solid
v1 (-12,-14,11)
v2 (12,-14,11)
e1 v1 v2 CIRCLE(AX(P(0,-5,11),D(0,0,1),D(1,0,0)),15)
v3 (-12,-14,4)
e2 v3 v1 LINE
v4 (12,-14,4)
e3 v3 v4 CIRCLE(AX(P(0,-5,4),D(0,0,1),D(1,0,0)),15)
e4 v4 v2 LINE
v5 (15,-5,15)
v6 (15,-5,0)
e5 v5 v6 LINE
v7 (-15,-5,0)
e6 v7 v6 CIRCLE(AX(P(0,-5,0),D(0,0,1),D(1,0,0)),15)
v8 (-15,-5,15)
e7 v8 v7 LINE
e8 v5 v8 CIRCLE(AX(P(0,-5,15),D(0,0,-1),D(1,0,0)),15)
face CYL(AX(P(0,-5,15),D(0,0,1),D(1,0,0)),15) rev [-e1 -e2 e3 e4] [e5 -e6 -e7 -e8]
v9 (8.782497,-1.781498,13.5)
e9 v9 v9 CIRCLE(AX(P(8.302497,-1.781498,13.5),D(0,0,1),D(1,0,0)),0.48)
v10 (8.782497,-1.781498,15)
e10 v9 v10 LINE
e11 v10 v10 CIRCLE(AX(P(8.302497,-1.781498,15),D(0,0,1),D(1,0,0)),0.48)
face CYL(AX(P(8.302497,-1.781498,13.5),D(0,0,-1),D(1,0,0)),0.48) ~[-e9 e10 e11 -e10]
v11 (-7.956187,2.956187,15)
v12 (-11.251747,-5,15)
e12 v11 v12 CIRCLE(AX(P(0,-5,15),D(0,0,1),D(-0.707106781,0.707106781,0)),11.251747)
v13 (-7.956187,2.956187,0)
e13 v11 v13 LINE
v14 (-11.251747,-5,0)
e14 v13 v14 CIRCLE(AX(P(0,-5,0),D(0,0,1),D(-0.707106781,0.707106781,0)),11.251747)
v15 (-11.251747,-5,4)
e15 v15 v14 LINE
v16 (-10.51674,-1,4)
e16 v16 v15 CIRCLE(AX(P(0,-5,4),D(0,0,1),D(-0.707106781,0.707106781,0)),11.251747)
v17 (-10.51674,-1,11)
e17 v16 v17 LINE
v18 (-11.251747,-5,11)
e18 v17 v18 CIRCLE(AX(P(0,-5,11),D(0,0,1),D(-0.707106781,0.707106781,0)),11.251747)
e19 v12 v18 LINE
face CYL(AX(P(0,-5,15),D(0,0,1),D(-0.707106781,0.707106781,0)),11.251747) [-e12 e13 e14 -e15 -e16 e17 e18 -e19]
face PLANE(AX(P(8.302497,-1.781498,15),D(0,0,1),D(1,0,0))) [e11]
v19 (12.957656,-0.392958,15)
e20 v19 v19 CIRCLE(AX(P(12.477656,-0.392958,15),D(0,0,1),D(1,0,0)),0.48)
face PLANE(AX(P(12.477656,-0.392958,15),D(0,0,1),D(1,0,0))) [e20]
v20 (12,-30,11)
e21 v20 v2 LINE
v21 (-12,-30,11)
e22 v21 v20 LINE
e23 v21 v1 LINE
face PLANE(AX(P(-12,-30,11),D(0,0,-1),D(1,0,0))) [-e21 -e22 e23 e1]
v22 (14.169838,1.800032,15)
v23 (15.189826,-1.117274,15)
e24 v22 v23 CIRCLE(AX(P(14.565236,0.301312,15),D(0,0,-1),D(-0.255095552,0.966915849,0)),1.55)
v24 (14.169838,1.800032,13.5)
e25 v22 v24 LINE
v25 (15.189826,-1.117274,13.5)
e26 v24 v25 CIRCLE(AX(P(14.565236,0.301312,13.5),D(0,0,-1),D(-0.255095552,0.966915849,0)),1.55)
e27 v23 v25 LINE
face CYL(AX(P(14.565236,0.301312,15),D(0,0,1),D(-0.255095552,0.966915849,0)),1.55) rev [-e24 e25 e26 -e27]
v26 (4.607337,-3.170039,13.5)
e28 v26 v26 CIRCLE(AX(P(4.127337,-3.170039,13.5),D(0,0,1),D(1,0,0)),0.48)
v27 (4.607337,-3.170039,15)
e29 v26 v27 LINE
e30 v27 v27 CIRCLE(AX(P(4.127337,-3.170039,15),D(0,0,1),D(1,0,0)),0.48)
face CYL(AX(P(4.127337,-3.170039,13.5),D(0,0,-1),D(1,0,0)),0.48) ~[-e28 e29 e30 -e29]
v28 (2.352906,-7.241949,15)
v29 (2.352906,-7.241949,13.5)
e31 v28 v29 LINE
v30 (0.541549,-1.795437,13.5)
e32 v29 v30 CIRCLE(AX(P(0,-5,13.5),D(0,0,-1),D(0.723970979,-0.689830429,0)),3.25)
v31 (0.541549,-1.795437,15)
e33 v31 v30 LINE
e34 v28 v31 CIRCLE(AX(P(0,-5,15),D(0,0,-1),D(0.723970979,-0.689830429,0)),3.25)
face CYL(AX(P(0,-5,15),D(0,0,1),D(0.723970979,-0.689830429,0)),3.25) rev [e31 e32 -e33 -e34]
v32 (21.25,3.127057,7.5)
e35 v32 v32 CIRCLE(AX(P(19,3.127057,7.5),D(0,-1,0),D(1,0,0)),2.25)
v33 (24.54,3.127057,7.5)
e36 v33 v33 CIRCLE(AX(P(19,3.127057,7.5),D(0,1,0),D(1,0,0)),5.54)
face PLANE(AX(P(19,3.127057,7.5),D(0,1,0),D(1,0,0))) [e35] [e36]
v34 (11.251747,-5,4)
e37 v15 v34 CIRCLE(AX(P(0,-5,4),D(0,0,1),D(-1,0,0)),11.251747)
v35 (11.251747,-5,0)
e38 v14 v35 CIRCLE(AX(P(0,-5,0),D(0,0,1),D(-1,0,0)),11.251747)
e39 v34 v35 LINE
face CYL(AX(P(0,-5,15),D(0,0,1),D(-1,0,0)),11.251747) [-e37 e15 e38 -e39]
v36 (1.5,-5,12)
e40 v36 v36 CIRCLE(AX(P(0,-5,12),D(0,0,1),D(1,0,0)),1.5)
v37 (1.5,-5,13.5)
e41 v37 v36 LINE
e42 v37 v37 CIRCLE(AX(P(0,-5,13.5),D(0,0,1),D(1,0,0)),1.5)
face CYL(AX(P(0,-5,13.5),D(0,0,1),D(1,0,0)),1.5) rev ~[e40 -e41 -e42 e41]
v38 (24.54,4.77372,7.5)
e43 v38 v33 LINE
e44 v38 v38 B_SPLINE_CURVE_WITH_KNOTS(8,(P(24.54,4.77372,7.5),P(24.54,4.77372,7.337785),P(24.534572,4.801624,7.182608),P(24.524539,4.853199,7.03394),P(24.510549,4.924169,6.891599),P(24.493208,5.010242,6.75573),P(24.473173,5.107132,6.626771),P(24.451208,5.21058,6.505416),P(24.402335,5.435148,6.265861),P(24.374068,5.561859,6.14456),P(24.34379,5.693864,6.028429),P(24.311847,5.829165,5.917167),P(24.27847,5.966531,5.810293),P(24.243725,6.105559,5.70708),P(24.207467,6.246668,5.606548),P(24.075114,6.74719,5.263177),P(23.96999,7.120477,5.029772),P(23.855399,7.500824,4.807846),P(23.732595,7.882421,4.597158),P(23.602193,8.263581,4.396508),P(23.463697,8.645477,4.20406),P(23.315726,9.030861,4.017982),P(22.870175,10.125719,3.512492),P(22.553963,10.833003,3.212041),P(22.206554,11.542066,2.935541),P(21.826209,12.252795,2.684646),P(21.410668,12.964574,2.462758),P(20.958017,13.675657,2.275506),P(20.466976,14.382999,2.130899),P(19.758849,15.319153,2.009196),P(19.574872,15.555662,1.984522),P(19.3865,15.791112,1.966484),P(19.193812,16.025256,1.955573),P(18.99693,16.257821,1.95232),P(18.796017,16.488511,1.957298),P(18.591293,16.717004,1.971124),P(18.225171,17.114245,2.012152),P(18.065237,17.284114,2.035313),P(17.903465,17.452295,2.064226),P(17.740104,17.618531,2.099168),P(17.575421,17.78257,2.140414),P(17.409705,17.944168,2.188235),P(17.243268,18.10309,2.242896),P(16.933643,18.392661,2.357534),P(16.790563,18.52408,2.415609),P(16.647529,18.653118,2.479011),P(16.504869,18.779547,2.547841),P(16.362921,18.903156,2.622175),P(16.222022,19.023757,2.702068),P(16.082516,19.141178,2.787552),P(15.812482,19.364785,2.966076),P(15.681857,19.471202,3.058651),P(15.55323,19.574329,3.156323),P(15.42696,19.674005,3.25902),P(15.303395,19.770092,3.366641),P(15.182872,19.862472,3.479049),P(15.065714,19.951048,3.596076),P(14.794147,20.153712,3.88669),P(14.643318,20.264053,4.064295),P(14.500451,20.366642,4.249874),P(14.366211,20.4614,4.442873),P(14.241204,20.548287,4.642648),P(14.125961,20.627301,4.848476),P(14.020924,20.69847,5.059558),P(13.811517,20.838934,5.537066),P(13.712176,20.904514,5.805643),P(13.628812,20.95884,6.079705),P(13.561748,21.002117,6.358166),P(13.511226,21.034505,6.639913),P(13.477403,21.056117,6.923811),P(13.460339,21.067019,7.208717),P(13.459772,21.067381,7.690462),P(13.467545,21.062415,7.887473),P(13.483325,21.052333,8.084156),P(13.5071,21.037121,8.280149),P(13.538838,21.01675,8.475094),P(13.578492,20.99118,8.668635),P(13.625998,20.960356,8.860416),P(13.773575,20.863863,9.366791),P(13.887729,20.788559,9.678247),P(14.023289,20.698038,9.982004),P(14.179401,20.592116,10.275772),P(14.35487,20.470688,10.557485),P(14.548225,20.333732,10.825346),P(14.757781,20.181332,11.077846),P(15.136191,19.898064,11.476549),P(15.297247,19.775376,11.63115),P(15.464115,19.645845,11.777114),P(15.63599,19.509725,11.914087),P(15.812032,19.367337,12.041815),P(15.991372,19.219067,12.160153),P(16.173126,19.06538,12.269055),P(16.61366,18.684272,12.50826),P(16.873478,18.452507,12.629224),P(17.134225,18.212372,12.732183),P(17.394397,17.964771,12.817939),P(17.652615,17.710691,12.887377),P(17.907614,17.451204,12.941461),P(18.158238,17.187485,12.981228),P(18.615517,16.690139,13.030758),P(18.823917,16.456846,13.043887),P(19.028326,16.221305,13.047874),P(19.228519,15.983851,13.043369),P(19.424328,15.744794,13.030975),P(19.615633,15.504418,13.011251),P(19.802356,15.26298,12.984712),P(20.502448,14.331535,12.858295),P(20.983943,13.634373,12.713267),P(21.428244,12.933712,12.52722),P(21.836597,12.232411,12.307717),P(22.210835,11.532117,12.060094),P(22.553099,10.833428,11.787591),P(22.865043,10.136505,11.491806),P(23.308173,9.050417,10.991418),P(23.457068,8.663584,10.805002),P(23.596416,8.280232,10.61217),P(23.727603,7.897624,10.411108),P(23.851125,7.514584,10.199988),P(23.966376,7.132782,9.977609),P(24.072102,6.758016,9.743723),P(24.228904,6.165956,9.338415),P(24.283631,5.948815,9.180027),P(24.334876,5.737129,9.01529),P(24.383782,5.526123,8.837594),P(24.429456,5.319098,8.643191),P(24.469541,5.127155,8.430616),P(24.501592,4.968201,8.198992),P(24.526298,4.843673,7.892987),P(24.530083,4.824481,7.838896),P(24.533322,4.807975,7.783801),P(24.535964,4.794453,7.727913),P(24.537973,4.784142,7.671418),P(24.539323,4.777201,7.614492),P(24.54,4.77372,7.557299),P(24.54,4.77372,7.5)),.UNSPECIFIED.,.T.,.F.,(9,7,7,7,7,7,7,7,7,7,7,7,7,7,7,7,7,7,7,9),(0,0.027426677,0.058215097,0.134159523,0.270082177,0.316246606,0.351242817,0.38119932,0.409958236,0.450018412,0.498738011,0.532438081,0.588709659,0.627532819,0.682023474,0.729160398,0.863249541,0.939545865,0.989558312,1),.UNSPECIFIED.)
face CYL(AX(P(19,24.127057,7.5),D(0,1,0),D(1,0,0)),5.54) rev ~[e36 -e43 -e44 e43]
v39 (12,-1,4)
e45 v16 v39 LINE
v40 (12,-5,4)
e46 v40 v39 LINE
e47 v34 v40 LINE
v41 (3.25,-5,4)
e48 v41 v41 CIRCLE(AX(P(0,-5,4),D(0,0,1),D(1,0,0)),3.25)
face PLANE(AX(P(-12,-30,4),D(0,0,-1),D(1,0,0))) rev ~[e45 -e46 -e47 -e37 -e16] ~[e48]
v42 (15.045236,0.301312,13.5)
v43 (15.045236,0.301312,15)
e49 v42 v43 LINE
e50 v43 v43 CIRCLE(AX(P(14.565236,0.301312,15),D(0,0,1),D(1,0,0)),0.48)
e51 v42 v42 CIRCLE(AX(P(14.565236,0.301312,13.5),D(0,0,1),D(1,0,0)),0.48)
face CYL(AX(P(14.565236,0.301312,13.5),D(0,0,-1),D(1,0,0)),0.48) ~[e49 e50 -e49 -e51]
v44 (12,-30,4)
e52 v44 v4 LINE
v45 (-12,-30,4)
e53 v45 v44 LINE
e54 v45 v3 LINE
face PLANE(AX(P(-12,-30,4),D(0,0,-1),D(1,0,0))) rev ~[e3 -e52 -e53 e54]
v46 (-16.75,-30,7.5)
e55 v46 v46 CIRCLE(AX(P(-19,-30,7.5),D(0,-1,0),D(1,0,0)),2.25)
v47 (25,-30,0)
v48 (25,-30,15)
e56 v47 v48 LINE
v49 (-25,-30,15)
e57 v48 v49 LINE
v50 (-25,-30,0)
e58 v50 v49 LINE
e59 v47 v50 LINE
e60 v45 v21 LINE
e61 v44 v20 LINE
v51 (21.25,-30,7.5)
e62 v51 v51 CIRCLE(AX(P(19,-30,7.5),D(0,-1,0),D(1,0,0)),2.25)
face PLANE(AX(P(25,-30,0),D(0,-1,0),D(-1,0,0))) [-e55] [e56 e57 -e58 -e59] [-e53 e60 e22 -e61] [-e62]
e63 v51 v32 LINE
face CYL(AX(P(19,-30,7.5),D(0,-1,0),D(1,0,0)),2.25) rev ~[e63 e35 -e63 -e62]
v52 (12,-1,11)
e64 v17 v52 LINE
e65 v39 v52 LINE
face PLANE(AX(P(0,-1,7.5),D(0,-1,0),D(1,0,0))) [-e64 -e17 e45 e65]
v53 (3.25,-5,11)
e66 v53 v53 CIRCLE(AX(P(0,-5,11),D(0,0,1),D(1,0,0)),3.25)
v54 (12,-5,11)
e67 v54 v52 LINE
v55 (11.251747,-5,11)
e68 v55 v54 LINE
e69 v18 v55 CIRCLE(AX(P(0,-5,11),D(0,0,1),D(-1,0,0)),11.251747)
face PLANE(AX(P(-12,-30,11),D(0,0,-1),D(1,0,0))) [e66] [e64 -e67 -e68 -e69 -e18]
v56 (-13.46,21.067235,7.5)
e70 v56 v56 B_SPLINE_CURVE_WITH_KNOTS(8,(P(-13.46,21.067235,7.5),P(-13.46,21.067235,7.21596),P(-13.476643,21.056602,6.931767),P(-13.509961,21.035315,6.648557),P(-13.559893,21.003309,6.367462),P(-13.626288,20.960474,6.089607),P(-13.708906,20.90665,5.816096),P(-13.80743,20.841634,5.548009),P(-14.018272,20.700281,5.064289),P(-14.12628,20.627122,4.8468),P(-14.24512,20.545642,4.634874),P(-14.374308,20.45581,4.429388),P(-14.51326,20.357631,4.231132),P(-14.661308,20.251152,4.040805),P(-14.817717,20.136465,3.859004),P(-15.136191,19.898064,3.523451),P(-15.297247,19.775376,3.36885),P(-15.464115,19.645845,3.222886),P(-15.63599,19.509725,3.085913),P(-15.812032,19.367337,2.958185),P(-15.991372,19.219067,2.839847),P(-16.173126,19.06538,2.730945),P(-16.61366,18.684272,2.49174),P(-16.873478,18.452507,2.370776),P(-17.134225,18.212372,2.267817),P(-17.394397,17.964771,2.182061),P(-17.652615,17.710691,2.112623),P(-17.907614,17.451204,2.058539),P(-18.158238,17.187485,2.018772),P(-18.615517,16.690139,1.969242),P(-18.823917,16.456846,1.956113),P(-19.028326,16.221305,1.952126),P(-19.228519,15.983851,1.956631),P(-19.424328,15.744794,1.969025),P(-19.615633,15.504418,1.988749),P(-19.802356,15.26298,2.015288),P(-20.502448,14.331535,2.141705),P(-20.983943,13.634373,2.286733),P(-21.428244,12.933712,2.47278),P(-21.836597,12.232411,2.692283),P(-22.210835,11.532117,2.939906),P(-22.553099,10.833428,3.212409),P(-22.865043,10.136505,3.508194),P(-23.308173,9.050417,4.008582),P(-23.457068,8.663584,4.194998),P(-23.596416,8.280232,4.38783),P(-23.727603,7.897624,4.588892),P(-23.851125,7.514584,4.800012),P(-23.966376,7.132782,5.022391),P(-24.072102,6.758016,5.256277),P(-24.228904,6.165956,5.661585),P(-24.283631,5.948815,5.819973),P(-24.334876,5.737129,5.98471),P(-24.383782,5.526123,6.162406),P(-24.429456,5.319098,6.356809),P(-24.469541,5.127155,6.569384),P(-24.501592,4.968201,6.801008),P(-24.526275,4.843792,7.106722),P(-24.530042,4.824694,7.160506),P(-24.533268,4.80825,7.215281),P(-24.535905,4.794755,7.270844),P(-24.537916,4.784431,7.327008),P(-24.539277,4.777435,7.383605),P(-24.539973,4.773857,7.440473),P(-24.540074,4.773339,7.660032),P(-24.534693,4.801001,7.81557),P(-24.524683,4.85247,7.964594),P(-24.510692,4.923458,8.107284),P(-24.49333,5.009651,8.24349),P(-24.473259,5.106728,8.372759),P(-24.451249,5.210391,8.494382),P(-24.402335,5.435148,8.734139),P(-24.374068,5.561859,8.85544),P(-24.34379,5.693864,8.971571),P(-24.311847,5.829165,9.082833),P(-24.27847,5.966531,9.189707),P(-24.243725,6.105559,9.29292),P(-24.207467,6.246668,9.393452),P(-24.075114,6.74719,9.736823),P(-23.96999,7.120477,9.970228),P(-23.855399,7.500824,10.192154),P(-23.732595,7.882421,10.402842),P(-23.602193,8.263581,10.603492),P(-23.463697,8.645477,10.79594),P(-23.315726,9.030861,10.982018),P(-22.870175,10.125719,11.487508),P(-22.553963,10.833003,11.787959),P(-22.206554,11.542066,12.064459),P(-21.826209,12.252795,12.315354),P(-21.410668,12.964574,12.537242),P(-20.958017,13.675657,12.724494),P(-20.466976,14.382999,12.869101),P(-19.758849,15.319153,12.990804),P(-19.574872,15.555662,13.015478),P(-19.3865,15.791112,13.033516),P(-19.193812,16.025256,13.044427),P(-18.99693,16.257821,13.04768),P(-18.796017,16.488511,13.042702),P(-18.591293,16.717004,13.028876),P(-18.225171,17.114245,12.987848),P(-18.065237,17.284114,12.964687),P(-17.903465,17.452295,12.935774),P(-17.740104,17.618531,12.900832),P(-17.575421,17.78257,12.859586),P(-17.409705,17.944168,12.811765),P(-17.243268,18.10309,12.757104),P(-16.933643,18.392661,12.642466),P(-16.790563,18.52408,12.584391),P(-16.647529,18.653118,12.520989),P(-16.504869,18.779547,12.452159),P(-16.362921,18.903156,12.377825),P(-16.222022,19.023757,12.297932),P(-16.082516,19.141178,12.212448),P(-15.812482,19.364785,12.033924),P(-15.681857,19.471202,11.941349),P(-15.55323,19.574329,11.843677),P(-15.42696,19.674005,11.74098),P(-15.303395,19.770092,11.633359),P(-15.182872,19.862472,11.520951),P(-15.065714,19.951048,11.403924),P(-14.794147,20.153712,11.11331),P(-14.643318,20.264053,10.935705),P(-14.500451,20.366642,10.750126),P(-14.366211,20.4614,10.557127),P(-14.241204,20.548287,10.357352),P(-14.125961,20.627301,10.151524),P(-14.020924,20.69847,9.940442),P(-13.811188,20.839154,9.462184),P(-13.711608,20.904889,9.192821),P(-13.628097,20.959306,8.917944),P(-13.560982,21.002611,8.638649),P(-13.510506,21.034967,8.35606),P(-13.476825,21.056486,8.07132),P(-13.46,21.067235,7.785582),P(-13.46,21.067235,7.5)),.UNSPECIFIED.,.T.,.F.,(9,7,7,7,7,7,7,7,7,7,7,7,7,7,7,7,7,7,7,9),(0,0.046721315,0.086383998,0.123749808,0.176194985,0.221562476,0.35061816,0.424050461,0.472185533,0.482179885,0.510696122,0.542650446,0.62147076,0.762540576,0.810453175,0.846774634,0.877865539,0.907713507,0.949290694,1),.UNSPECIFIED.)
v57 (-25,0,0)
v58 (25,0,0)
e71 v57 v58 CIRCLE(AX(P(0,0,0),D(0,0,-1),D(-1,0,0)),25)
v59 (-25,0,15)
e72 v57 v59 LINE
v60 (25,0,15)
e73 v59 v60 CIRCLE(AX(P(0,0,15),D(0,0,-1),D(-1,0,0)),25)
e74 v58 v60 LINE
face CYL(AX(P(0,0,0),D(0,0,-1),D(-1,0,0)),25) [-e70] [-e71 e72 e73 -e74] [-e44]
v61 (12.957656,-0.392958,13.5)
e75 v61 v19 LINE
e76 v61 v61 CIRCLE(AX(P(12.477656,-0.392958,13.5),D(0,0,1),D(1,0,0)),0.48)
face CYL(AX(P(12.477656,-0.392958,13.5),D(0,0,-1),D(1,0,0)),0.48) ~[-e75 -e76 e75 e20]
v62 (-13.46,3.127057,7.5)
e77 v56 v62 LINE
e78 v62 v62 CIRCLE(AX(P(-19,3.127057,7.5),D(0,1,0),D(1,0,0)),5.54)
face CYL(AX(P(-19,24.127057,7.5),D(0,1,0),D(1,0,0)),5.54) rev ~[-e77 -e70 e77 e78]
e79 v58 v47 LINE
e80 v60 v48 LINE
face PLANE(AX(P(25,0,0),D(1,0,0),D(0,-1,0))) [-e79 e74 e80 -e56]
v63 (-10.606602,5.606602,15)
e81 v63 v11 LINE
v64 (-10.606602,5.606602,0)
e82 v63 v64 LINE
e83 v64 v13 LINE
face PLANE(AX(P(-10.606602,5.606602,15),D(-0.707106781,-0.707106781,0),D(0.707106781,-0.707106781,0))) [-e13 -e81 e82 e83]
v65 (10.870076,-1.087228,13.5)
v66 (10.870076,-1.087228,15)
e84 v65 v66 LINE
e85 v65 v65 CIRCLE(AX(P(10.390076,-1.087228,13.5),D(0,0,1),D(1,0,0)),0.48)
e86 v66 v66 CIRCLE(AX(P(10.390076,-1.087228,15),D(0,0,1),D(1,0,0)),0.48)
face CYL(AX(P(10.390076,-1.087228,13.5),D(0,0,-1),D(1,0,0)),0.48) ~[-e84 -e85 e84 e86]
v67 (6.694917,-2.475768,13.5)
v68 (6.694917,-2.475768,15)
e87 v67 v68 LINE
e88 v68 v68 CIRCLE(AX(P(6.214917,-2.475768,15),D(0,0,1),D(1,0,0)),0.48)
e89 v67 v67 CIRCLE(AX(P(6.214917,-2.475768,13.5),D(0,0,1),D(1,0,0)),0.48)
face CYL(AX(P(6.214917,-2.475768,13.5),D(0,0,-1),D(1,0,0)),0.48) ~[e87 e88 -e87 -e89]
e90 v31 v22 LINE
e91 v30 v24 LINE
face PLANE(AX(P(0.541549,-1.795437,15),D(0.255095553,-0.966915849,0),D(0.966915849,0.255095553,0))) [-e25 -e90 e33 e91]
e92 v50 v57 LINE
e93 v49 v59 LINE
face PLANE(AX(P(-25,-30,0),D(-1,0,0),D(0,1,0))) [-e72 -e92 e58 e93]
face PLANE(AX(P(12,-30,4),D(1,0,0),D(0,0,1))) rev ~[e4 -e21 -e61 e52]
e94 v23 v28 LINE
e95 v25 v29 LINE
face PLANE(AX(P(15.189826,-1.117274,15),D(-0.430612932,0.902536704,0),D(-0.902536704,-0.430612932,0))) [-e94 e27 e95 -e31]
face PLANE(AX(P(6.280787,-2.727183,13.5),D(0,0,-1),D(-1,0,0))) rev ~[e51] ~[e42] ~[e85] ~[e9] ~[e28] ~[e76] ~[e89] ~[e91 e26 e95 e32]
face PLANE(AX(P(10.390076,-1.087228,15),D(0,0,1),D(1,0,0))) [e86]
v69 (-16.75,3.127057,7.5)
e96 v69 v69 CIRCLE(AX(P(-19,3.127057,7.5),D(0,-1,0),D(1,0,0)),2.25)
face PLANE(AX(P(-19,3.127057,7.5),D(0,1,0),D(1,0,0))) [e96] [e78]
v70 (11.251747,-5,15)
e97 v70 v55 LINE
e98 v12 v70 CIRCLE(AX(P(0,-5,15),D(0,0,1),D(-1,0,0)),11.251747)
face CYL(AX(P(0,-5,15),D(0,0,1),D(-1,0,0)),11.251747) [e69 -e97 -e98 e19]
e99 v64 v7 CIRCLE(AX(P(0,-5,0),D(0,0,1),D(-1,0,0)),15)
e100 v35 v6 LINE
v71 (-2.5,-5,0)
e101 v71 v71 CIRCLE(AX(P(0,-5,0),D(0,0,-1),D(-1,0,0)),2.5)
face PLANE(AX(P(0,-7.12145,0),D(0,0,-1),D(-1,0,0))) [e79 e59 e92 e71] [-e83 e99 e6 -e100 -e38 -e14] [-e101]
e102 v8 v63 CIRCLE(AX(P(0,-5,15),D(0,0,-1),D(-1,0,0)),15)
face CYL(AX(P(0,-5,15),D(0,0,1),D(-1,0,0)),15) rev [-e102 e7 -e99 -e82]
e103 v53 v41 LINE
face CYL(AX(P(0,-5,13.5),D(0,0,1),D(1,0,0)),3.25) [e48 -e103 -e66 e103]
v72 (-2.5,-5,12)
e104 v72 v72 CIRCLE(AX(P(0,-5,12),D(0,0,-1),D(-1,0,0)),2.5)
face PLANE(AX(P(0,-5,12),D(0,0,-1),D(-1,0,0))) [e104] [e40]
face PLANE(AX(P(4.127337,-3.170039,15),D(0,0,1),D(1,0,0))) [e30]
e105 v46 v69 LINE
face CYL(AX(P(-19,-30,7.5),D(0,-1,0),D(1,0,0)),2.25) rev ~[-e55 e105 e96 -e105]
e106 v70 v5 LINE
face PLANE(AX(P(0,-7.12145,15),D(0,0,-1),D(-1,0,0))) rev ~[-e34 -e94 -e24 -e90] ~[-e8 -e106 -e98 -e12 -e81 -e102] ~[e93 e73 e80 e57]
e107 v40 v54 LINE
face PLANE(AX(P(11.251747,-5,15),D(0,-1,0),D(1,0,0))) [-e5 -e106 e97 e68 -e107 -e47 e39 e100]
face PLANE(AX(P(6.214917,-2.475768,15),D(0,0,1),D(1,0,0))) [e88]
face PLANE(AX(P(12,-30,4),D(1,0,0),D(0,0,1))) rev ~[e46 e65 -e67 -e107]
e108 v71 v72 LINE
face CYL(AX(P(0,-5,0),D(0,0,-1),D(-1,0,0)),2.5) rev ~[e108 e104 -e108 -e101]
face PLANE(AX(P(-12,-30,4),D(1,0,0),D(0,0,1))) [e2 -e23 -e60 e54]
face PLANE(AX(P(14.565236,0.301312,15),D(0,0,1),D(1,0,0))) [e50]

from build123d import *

# Parameters (mm, degrees)
BOSS_EXTRUDE1_DEPTH = 15
CUT_EXTRUDE1_REACH  = 57
SKETCH2_R           = 2.25
SKETCH3_R           = 5.54
CUT_EXTRUDE2_DEPTH  = 21
SKETCH4_W           = 24
SKETCH4_H           = 7
CUT_EXTRUDE3_DEPTH  = 29
CUT_EXTRUDE4_REACH  = 17
CUT_EXTRUDE5_DEPTH  = 1.5
SKETCH7_R           = 3.25
BOSS_EXTRUDE2_DEPTH = 13.5
CUT_EXTRUDE6_REACH  = 15.5
SKETCH8_R           = 1.5
SKETCH9_R           = 2.5
CUT_EXTRUDE7_DEPTH  = 12
SKETCH10_R          = 0.48
BOSS_EXTRUDE3_DEPTH = 1.5


with BuildPart() as part:
    # Sketch1 → Boss-Extrude1 (new body)
    with BuildSketch(Plane.XY):
        with BuildLine():
            Line((25, 0), (25, -30))
            Line((25, -30), (-25, -30))
            Line((-25, -30), (-25, 0))
            ThreePointArc((-25, 0), (0, 25), (25, 0))
        make_face()
    extrude(amount=BOSS_EXTRUDE1_DEPTH)

    # Sketch2 → Cut-Extrude1 (cut, up to next)
    with BuildSketch(Plane.XZ.offset(30), mode=Mode.PRIVATE) as cut_extrude1_sk1:
        with Locations((-19, 7.5)):
            Circle(SKETCH2_R)
    cut_extrude1_tool1 = extrude(cut_extrude1_sk1.sketch, amount=-CUT_EXTRUDE1_REACH, mode=Mode.PRIVATE) & part.part
    add(cut_extrude1_tool1.solids().sort_by_distance((-19, -30, 7.5))[0], mode=Mode.SUBTRACT)
    # Sketch2 → Cut-Extrude1 (cut, up to next)
    with BuildSketch(Plane.XZ.offset(30), mode=Mode.PRIVATE) as cut_extrude1_sk2:
        with Locations((19, 7.5)):
            Circle(SKETCH2_R)
    cut_extrude1_tool2 = extrude(cut_extrude1_sk2.sketch, amount=-CUT_EXTRUDE1_REACH, mode=Mode.PRIVATE) & part.part
    add(cut_extrude1_tool2.solids().sort_by_distance((19, -30, 7.5))[0], mode=Mode.SUBTRACT)

    # Sketch3 → Cut-Extrude2 (cut)
    with BuildSketch(Plane(origin=(0, 24.127056635, 0), x_dir=(1, 0, 0), z_dir=(0, 1, 0))):
        with Locations((19, -7.5)):
            Circle(SKETCH3_R)
        with Locations((-19, -7.5)):
            Circle(SKETCH3_R)
    extrude(amount=-CUT_EXTRUDE2_DEPTH, mode=Mode.SUBTRACT)

    # Sketch4 → Cut-Extrude3 (cut)
    with BuildSketch(Plane.XZ.offset(30)):
        with Locations((0, 7.5)):
            Rectangle(SKETCH4_W, SKETCH4_H)
    extrude(amount=-CUT_EXTRUDE3_DEPTH, mode=Mode.SUBTRACT)

    # Sketch5 → Cut-Extrude4 (cut, up to next)
    with BuildSketch(Plane.XY.offset(15), mode=Mode.PRIVATE) as cut_extrude4_sk1:
        with BuildLine():
            Line((11.251747285, -5), (15, -5))
            ThreePointArc((15, -5), (0, -20), (-15, -5))
            ThreePointArc((-15, -5), (-13.858192988, 0.740251485), (-10.606601718, 5.606601718))
            Line((-10.606601718, 5.606601718), (-7.956186805, 2.956186805))
            ThreePointArc((-7.956186805, 2.956186805), (-10.395259022, -0.694142729), (-11.251747285, -5))
            ThreePointArc((-11.251747285, -5), (0, -16.251747285), (11.251747285, -5))
        make_face()
    cut_extrude4_tool1 = extrude(cut_extrude4_sk1.sketch, amount=-CUT_EXTRUDE4_REACH, mode=Mode.PRIVATE) & part.part
    add(cut_extrude4_tool1.solids().sort_by_distance((13.125874, -5.394423, 15))[0], mode=Mode.SUBTRACT)

    # Sketch6 → Cut-Extrude5 (cut)
    with BuildSketch(Plane.XY.offset(15)):
        with BuildLine():
            Line((0.541549319, -1.795436951), (14.169837516, 1.800031788))
            ThreePointArc((14.169837516, 1.800031788), (16.028383105, 0.812877901), (15.18982596, -1.117274015))
            Line((15.18982596, -1.117274015), (2.352905683, -7.241948894))
            ThreePointArc((2.352905683, -7.241948894), (-3.083924533, -6.02562638), (0.541549319, -1.795436951))
        make_face()
    extrude(amount=-CUT_EXTRUDE5_DEPTH, mode=Mode.SUBTRACT)

    # Sketch7 → Boss-Extrude2 (add)
    with BuildSketch(Plane.XY.offset(13.5)):
        with Locations((0, -5)):
            Circle(SKETCH7_R)
    extrude(amount=-BOSS_EXTRUDE2_DEPTH)

    # Sketch8 → Cut-Extrude6 (cut, up to next)
    with BuildSketch(Plane.XY.offset(13.5), mode=Mode.PRIVATE) as cut_extrude6_sk1:
        with Locations((0, -5)):
            Circle(SKETCH8_R)
    cut_extrude6_tool1 = extrude(cut_extrude6_sk1.sketch, amount=-CUT_EXTRUDE6_REACH, mode=Mode.PRIVATE) & part.part
    add(cut_extrude6_tool1.solids().sort_by_distance((0, -5, 13.5))[0], mode=Mode.SUBTRACT)

    # Sketch9 → Cut-Extrude7 (cut)
    with BuildSketch(Plane(origin=(0, 0, 0), x_dir=(-1, 0, 0), z_dir=(0, 0, -1))):
        with Locations((0, -5)):
            Circle(SKETCH9_R)
    extrude(amount=-CUT_EXTRUDE7_DEPTH, mode=Mode.SUBTRACT)

    # Sketch10 → Boss-Extrude3 (add)
    with BuildSketch(Plane.XY.offset(13.5)):
        with Locations((14.565235622, 0.301312222)):
            Circle(SKETCH10_R)
        with Locations((12.477655938, -0.392957944)):
            Circle(SKETCH10_R)
        with Locations((10.390076254, -1.087228109)):
            Circle(SKETCH10_R)
        with Locations((8.30249657, -1.781498274)):
            Circle(SKETCH10_R)
        with Locations((6.214916885, -2.475768439)):
            Circle(SKETCH10_R)
        with Locations((4.127337201, -3.170038604)):
            Circle(SKETCH10_R)
    extrude(amount=BOSS_EXTRUDE3_DEPTH)


solid = part.part
